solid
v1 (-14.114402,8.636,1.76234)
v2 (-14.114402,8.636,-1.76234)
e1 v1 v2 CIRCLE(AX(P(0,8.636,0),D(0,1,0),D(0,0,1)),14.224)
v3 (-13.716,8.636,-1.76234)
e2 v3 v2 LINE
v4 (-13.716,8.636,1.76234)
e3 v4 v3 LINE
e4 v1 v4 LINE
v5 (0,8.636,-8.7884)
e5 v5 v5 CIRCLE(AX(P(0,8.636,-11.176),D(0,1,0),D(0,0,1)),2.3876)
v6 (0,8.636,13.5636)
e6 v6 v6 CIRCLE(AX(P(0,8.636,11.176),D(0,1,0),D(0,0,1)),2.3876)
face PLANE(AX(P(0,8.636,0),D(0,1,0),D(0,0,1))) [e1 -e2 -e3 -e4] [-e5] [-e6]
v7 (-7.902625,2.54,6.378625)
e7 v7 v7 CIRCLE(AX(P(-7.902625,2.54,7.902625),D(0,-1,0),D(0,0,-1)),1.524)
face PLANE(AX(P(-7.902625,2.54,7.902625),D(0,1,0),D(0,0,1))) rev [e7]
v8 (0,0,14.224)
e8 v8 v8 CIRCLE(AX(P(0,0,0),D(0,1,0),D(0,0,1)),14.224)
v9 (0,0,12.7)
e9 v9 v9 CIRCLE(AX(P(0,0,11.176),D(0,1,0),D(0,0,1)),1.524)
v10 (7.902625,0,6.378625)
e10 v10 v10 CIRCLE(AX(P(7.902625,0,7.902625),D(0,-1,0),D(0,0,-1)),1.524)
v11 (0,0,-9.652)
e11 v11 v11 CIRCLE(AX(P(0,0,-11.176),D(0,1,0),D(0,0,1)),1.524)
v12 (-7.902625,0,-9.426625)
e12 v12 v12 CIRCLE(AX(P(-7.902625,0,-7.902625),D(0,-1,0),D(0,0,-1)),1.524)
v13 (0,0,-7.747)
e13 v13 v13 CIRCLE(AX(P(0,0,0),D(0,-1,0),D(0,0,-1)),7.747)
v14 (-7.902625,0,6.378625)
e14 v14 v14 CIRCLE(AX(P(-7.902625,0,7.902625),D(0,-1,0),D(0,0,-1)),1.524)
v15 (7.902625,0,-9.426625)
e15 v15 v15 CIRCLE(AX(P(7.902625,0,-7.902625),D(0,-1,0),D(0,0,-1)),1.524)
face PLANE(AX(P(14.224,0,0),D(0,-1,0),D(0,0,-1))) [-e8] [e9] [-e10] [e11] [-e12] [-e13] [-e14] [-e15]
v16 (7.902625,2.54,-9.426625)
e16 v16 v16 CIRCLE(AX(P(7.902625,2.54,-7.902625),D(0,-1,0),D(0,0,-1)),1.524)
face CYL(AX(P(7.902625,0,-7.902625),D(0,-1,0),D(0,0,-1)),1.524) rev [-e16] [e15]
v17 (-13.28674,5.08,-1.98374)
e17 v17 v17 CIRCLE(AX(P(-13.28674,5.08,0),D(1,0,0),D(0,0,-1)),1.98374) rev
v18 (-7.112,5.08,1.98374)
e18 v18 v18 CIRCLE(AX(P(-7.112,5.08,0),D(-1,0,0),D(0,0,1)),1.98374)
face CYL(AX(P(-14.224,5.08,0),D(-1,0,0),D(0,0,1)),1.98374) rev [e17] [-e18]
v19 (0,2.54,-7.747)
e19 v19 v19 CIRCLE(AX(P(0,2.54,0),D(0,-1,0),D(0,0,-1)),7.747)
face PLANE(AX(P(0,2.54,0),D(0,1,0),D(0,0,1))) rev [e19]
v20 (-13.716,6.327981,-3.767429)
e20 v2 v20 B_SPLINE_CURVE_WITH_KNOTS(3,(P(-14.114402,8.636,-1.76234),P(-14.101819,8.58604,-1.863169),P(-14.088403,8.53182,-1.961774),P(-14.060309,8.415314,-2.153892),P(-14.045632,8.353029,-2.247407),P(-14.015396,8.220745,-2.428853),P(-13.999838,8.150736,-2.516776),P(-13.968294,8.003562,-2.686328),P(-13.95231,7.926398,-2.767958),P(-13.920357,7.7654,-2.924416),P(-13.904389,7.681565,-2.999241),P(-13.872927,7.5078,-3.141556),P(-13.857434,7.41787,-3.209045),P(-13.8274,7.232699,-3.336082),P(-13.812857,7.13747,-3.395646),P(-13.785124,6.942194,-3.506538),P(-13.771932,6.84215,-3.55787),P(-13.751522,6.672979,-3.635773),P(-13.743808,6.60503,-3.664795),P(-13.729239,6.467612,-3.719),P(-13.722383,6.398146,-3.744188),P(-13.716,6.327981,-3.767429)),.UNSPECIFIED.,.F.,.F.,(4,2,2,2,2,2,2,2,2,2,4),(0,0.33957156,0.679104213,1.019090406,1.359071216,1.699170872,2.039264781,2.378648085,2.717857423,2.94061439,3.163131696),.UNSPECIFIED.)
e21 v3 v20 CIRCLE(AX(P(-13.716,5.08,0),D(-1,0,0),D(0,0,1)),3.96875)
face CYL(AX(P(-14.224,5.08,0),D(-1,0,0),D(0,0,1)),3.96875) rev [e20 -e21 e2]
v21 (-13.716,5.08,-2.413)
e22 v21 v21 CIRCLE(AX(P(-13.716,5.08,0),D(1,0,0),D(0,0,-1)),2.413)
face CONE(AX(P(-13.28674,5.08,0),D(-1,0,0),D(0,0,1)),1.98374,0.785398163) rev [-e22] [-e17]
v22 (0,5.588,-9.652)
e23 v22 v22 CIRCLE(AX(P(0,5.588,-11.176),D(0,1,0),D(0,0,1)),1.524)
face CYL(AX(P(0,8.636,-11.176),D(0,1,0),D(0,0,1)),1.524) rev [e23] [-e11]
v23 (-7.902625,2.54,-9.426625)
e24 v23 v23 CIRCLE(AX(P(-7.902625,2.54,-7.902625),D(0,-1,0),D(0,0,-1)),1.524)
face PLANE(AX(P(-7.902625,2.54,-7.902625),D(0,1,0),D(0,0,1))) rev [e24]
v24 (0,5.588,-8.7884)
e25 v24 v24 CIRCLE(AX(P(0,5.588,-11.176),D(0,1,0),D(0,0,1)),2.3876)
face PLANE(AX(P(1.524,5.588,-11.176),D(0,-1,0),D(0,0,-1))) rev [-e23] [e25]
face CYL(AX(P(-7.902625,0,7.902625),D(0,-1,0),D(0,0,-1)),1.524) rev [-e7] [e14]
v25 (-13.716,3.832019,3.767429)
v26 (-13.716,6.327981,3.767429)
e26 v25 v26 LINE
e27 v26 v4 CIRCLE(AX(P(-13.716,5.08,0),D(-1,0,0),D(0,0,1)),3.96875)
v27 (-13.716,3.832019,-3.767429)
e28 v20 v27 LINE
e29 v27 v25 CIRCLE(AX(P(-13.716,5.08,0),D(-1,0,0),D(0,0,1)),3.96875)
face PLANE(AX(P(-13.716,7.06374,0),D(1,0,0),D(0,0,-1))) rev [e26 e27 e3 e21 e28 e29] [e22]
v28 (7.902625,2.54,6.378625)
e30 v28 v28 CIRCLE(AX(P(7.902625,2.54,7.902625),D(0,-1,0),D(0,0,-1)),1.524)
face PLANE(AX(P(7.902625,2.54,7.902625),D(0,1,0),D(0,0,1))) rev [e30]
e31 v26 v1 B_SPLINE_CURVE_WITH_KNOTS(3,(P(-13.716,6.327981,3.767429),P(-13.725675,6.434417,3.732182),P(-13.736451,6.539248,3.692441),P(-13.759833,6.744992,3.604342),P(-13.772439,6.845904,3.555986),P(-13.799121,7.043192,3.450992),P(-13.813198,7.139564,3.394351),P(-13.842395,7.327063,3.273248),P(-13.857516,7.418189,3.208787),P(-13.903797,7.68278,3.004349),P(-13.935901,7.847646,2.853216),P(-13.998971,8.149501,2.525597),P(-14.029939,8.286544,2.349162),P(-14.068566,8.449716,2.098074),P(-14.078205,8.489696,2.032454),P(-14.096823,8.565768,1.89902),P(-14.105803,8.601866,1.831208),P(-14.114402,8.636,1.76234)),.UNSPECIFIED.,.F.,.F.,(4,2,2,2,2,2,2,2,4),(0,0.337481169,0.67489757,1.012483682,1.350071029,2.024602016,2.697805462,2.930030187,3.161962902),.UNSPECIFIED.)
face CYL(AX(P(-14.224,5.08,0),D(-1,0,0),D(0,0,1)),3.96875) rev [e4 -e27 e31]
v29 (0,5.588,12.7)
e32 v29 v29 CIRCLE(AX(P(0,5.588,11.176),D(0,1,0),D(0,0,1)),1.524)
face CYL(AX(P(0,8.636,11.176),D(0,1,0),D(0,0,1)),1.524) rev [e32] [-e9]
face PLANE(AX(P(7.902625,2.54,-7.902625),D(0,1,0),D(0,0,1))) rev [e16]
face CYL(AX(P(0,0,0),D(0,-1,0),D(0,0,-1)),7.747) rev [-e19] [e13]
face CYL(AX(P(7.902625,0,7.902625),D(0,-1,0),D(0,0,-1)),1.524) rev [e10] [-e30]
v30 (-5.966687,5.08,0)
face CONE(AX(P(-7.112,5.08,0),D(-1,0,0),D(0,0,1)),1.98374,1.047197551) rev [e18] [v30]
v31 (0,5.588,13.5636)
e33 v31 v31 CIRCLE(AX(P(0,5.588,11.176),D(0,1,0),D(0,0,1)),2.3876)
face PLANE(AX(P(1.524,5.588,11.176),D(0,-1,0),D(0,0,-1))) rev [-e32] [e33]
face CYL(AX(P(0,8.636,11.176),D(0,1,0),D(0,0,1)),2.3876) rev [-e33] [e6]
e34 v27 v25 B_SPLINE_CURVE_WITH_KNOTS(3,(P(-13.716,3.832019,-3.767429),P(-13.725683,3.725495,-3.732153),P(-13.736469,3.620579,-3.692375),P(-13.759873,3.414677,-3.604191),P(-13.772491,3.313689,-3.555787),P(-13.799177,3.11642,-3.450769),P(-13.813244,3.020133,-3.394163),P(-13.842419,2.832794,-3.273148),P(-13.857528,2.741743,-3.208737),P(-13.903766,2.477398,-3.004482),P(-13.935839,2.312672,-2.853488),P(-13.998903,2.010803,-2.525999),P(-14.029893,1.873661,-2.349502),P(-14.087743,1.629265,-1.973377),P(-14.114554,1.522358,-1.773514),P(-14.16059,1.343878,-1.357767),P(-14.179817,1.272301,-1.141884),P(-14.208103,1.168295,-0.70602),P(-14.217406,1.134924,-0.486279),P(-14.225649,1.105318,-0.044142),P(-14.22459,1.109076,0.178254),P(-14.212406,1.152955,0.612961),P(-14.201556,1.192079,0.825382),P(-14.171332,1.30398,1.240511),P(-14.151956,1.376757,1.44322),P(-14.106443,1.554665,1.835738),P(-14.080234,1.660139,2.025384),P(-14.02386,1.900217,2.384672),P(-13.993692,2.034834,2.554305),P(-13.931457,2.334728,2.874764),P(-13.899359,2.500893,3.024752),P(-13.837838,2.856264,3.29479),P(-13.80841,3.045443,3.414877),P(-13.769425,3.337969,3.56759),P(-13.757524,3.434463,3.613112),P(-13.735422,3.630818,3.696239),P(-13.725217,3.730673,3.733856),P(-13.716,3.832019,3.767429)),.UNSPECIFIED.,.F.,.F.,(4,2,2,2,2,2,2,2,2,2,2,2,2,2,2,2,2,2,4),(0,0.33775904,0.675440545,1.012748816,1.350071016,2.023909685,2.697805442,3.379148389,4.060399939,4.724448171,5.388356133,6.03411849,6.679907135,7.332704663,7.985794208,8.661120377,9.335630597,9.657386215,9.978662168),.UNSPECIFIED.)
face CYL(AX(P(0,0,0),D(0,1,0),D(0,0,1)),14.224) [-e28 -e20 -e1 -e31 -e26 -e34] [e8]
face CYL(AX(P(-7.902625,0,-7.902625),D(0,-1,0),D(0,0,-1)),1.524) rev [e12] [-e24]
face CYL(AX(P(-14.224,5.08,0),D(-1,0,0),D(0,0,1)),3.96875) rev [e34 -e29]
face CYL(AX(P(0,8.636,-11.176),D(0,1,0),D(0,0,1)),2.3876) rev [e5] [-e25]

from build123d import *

# Parameters (mm, degrees)
SKETCH1_W                                          = 14.224
SKETCH1_H                                          = 8.636
CBORE_FOR_M2_5_HEX_HEAD_MACHINE_SCREW1_D           = 3.048
CBORE_FOR_M2_5_HEX_HEAD_MACHINE_SCREW1_CBORE_D     = 4.7752
CBORE_FOR_M2_5_HEX_HEAD_MACHINE_SCREW1_CBORE_DEPTH = 3.048
M2_5_CLEARANCE_HOLE1_D                             = 3.048
M2_5_CLEARANCE_HOLE1_DEPTH                         = 2.54
M13_CLEARANCE_HOLE1_D                              = 15.494
M13_CLEARANCE_HOLE1_DEPTH                          = 2.54
CBORE_FOR_M3_5_HEX_HEAD_MACHINE_SCREW1_D           = 3.96748
CBORE_FOR_M3_5_HEX_HEAD_MACHINE_SCREW1_DEPTH       = 7.112
CBORE_FOR_M3_5_HEX_HEAD_MACHINE_SCREW1_CBORE_D     = 7.9375
CBORE_FOR_M3_5_HEX_HEAD_MACHINE_SCREW1_CBORE_DEPTH = 0.508
CBORE_FOR_M3_5_HEX_HEAD_MACHINE_SCREW1_TIP         = 1.145312823
CHAMFER1_SIZE                                      = 0.42926


with BuildPart() as part:
    # Sketch1 → Revolve1 (revolve)
    with BuildSketch(Plane(origin=(0, 0, 0), x_dir=(-1, 0, 0), z_dir=(0, 0, -1)), mode=Mode.PRIVATE) as revolve1_sk:
        with Locations((-7.112, 4.318)):
            Rectangle(SKETCH1_W, SKETCH1_H)
    revolve(revolve1_sk.sketch.rotate(Axis((0, 0, 0), (0, 1, 0)), 270), axis=Axis((0, 0, 0), (0, 1, 0)))

    # CBORE for M2.5 Hex Head Machine Screw1 (through all)
    with Locations(Plane(origin=(0, 8.636, 0), x_dir=(1, 0, 0), z_dir=(0, 1, 0))):
        with Locations((0, -11.176), (0, 11.176)):
            CounterBoreHole(CBORE_FOR_M2_5_HEX_HEAD_MACHINE_SCREW1_D / 2, CBORE_FOR_M2_5_HEX_HEAD_MACHINE_SCREW1_CBORE_D / 2, CBORE_FOR_M2_5_HEX_HEAD_MACHINE_SCREW1_CBORE_DEPTH)

    # M2.5 Clearance Hole1
    with Locations(Plane(origin=(0, 0, 0), x_dir=(-1, 0, 0), z_dir=(0, -1, 0))):
        with Locations((-7.902625387, 7.902625387), (7.902625387, -7.902625387), (-7.902625387, -7.902625387), (7.902625387, 7.902625387)):
            Hole(M2_5_CLEARANCE_HOLE1_D / 2, depth=M2_5_CLEARANCE_HOLE1_DEPTH)

    # M13 Clearance Hole1
    with Locations(Plane(origin=(0, 0, 0), x_dir=(-1, 0, 0), z_dir=(0, -1, 0))):
        with Locations((0, 0)):
            Hole(M13_CLEARANCE_HOLE1_D / 2, depth=M13_CLEARANCE_HOLE1_DEPTH)

    # CBORE for M3.5 Hex Head Machine Screw1
    with Locations(Plane(origin=(-14.224, 5.08, 0), x_dir=(0, 0, -1), z_dir=(-1, 0, 0))):
        with Locations((0, 0)):
            CounterBoreHole(CBORE_FOR_M3_5_HEX_HEAD_MACHINE_SCREW1_D / 2, CBORE_FOR_M3_5_HEX_HEAD_MACHINE_SCREW1_CBORE_D / 2, CBORE_FOR_M3_5_HEX_HEAD_MACHINE_SCREW1_CBORE_DEPTH, depth=CBORE_FOR_M3_5_HEX_HEAD_MACHINE_SCREW1_DEPTH)
            with Locations((0, 0, -(CBORE_FOR_M3_5_HEX_HEAD_MACHINE_SCREW1_DEPTH + CBORE_FOR_M3_5_HEX_HEAD_MACHINE_SCREW1_TIP / 2))):  # 120° drill point
                Cone(0, CBORE_FOR_M3_5_HEX_HEAD_MACHINE_SCREW1_D / 2, CBORE_FOR_M3_5_HEX_HEAD_MACHINE_SCREW1_TIP, mode=Mode.SUBTRACT)

    # Chamfer1
    chamfer1_edges = [part.edges().sort_by_distance(p)[0] for p in [
        (-13.716, 5.08, -1.98374),
    ]]
    chamfer(chamfer1_edges, length=CHAMFER1_SIZE)


solid = part.part
